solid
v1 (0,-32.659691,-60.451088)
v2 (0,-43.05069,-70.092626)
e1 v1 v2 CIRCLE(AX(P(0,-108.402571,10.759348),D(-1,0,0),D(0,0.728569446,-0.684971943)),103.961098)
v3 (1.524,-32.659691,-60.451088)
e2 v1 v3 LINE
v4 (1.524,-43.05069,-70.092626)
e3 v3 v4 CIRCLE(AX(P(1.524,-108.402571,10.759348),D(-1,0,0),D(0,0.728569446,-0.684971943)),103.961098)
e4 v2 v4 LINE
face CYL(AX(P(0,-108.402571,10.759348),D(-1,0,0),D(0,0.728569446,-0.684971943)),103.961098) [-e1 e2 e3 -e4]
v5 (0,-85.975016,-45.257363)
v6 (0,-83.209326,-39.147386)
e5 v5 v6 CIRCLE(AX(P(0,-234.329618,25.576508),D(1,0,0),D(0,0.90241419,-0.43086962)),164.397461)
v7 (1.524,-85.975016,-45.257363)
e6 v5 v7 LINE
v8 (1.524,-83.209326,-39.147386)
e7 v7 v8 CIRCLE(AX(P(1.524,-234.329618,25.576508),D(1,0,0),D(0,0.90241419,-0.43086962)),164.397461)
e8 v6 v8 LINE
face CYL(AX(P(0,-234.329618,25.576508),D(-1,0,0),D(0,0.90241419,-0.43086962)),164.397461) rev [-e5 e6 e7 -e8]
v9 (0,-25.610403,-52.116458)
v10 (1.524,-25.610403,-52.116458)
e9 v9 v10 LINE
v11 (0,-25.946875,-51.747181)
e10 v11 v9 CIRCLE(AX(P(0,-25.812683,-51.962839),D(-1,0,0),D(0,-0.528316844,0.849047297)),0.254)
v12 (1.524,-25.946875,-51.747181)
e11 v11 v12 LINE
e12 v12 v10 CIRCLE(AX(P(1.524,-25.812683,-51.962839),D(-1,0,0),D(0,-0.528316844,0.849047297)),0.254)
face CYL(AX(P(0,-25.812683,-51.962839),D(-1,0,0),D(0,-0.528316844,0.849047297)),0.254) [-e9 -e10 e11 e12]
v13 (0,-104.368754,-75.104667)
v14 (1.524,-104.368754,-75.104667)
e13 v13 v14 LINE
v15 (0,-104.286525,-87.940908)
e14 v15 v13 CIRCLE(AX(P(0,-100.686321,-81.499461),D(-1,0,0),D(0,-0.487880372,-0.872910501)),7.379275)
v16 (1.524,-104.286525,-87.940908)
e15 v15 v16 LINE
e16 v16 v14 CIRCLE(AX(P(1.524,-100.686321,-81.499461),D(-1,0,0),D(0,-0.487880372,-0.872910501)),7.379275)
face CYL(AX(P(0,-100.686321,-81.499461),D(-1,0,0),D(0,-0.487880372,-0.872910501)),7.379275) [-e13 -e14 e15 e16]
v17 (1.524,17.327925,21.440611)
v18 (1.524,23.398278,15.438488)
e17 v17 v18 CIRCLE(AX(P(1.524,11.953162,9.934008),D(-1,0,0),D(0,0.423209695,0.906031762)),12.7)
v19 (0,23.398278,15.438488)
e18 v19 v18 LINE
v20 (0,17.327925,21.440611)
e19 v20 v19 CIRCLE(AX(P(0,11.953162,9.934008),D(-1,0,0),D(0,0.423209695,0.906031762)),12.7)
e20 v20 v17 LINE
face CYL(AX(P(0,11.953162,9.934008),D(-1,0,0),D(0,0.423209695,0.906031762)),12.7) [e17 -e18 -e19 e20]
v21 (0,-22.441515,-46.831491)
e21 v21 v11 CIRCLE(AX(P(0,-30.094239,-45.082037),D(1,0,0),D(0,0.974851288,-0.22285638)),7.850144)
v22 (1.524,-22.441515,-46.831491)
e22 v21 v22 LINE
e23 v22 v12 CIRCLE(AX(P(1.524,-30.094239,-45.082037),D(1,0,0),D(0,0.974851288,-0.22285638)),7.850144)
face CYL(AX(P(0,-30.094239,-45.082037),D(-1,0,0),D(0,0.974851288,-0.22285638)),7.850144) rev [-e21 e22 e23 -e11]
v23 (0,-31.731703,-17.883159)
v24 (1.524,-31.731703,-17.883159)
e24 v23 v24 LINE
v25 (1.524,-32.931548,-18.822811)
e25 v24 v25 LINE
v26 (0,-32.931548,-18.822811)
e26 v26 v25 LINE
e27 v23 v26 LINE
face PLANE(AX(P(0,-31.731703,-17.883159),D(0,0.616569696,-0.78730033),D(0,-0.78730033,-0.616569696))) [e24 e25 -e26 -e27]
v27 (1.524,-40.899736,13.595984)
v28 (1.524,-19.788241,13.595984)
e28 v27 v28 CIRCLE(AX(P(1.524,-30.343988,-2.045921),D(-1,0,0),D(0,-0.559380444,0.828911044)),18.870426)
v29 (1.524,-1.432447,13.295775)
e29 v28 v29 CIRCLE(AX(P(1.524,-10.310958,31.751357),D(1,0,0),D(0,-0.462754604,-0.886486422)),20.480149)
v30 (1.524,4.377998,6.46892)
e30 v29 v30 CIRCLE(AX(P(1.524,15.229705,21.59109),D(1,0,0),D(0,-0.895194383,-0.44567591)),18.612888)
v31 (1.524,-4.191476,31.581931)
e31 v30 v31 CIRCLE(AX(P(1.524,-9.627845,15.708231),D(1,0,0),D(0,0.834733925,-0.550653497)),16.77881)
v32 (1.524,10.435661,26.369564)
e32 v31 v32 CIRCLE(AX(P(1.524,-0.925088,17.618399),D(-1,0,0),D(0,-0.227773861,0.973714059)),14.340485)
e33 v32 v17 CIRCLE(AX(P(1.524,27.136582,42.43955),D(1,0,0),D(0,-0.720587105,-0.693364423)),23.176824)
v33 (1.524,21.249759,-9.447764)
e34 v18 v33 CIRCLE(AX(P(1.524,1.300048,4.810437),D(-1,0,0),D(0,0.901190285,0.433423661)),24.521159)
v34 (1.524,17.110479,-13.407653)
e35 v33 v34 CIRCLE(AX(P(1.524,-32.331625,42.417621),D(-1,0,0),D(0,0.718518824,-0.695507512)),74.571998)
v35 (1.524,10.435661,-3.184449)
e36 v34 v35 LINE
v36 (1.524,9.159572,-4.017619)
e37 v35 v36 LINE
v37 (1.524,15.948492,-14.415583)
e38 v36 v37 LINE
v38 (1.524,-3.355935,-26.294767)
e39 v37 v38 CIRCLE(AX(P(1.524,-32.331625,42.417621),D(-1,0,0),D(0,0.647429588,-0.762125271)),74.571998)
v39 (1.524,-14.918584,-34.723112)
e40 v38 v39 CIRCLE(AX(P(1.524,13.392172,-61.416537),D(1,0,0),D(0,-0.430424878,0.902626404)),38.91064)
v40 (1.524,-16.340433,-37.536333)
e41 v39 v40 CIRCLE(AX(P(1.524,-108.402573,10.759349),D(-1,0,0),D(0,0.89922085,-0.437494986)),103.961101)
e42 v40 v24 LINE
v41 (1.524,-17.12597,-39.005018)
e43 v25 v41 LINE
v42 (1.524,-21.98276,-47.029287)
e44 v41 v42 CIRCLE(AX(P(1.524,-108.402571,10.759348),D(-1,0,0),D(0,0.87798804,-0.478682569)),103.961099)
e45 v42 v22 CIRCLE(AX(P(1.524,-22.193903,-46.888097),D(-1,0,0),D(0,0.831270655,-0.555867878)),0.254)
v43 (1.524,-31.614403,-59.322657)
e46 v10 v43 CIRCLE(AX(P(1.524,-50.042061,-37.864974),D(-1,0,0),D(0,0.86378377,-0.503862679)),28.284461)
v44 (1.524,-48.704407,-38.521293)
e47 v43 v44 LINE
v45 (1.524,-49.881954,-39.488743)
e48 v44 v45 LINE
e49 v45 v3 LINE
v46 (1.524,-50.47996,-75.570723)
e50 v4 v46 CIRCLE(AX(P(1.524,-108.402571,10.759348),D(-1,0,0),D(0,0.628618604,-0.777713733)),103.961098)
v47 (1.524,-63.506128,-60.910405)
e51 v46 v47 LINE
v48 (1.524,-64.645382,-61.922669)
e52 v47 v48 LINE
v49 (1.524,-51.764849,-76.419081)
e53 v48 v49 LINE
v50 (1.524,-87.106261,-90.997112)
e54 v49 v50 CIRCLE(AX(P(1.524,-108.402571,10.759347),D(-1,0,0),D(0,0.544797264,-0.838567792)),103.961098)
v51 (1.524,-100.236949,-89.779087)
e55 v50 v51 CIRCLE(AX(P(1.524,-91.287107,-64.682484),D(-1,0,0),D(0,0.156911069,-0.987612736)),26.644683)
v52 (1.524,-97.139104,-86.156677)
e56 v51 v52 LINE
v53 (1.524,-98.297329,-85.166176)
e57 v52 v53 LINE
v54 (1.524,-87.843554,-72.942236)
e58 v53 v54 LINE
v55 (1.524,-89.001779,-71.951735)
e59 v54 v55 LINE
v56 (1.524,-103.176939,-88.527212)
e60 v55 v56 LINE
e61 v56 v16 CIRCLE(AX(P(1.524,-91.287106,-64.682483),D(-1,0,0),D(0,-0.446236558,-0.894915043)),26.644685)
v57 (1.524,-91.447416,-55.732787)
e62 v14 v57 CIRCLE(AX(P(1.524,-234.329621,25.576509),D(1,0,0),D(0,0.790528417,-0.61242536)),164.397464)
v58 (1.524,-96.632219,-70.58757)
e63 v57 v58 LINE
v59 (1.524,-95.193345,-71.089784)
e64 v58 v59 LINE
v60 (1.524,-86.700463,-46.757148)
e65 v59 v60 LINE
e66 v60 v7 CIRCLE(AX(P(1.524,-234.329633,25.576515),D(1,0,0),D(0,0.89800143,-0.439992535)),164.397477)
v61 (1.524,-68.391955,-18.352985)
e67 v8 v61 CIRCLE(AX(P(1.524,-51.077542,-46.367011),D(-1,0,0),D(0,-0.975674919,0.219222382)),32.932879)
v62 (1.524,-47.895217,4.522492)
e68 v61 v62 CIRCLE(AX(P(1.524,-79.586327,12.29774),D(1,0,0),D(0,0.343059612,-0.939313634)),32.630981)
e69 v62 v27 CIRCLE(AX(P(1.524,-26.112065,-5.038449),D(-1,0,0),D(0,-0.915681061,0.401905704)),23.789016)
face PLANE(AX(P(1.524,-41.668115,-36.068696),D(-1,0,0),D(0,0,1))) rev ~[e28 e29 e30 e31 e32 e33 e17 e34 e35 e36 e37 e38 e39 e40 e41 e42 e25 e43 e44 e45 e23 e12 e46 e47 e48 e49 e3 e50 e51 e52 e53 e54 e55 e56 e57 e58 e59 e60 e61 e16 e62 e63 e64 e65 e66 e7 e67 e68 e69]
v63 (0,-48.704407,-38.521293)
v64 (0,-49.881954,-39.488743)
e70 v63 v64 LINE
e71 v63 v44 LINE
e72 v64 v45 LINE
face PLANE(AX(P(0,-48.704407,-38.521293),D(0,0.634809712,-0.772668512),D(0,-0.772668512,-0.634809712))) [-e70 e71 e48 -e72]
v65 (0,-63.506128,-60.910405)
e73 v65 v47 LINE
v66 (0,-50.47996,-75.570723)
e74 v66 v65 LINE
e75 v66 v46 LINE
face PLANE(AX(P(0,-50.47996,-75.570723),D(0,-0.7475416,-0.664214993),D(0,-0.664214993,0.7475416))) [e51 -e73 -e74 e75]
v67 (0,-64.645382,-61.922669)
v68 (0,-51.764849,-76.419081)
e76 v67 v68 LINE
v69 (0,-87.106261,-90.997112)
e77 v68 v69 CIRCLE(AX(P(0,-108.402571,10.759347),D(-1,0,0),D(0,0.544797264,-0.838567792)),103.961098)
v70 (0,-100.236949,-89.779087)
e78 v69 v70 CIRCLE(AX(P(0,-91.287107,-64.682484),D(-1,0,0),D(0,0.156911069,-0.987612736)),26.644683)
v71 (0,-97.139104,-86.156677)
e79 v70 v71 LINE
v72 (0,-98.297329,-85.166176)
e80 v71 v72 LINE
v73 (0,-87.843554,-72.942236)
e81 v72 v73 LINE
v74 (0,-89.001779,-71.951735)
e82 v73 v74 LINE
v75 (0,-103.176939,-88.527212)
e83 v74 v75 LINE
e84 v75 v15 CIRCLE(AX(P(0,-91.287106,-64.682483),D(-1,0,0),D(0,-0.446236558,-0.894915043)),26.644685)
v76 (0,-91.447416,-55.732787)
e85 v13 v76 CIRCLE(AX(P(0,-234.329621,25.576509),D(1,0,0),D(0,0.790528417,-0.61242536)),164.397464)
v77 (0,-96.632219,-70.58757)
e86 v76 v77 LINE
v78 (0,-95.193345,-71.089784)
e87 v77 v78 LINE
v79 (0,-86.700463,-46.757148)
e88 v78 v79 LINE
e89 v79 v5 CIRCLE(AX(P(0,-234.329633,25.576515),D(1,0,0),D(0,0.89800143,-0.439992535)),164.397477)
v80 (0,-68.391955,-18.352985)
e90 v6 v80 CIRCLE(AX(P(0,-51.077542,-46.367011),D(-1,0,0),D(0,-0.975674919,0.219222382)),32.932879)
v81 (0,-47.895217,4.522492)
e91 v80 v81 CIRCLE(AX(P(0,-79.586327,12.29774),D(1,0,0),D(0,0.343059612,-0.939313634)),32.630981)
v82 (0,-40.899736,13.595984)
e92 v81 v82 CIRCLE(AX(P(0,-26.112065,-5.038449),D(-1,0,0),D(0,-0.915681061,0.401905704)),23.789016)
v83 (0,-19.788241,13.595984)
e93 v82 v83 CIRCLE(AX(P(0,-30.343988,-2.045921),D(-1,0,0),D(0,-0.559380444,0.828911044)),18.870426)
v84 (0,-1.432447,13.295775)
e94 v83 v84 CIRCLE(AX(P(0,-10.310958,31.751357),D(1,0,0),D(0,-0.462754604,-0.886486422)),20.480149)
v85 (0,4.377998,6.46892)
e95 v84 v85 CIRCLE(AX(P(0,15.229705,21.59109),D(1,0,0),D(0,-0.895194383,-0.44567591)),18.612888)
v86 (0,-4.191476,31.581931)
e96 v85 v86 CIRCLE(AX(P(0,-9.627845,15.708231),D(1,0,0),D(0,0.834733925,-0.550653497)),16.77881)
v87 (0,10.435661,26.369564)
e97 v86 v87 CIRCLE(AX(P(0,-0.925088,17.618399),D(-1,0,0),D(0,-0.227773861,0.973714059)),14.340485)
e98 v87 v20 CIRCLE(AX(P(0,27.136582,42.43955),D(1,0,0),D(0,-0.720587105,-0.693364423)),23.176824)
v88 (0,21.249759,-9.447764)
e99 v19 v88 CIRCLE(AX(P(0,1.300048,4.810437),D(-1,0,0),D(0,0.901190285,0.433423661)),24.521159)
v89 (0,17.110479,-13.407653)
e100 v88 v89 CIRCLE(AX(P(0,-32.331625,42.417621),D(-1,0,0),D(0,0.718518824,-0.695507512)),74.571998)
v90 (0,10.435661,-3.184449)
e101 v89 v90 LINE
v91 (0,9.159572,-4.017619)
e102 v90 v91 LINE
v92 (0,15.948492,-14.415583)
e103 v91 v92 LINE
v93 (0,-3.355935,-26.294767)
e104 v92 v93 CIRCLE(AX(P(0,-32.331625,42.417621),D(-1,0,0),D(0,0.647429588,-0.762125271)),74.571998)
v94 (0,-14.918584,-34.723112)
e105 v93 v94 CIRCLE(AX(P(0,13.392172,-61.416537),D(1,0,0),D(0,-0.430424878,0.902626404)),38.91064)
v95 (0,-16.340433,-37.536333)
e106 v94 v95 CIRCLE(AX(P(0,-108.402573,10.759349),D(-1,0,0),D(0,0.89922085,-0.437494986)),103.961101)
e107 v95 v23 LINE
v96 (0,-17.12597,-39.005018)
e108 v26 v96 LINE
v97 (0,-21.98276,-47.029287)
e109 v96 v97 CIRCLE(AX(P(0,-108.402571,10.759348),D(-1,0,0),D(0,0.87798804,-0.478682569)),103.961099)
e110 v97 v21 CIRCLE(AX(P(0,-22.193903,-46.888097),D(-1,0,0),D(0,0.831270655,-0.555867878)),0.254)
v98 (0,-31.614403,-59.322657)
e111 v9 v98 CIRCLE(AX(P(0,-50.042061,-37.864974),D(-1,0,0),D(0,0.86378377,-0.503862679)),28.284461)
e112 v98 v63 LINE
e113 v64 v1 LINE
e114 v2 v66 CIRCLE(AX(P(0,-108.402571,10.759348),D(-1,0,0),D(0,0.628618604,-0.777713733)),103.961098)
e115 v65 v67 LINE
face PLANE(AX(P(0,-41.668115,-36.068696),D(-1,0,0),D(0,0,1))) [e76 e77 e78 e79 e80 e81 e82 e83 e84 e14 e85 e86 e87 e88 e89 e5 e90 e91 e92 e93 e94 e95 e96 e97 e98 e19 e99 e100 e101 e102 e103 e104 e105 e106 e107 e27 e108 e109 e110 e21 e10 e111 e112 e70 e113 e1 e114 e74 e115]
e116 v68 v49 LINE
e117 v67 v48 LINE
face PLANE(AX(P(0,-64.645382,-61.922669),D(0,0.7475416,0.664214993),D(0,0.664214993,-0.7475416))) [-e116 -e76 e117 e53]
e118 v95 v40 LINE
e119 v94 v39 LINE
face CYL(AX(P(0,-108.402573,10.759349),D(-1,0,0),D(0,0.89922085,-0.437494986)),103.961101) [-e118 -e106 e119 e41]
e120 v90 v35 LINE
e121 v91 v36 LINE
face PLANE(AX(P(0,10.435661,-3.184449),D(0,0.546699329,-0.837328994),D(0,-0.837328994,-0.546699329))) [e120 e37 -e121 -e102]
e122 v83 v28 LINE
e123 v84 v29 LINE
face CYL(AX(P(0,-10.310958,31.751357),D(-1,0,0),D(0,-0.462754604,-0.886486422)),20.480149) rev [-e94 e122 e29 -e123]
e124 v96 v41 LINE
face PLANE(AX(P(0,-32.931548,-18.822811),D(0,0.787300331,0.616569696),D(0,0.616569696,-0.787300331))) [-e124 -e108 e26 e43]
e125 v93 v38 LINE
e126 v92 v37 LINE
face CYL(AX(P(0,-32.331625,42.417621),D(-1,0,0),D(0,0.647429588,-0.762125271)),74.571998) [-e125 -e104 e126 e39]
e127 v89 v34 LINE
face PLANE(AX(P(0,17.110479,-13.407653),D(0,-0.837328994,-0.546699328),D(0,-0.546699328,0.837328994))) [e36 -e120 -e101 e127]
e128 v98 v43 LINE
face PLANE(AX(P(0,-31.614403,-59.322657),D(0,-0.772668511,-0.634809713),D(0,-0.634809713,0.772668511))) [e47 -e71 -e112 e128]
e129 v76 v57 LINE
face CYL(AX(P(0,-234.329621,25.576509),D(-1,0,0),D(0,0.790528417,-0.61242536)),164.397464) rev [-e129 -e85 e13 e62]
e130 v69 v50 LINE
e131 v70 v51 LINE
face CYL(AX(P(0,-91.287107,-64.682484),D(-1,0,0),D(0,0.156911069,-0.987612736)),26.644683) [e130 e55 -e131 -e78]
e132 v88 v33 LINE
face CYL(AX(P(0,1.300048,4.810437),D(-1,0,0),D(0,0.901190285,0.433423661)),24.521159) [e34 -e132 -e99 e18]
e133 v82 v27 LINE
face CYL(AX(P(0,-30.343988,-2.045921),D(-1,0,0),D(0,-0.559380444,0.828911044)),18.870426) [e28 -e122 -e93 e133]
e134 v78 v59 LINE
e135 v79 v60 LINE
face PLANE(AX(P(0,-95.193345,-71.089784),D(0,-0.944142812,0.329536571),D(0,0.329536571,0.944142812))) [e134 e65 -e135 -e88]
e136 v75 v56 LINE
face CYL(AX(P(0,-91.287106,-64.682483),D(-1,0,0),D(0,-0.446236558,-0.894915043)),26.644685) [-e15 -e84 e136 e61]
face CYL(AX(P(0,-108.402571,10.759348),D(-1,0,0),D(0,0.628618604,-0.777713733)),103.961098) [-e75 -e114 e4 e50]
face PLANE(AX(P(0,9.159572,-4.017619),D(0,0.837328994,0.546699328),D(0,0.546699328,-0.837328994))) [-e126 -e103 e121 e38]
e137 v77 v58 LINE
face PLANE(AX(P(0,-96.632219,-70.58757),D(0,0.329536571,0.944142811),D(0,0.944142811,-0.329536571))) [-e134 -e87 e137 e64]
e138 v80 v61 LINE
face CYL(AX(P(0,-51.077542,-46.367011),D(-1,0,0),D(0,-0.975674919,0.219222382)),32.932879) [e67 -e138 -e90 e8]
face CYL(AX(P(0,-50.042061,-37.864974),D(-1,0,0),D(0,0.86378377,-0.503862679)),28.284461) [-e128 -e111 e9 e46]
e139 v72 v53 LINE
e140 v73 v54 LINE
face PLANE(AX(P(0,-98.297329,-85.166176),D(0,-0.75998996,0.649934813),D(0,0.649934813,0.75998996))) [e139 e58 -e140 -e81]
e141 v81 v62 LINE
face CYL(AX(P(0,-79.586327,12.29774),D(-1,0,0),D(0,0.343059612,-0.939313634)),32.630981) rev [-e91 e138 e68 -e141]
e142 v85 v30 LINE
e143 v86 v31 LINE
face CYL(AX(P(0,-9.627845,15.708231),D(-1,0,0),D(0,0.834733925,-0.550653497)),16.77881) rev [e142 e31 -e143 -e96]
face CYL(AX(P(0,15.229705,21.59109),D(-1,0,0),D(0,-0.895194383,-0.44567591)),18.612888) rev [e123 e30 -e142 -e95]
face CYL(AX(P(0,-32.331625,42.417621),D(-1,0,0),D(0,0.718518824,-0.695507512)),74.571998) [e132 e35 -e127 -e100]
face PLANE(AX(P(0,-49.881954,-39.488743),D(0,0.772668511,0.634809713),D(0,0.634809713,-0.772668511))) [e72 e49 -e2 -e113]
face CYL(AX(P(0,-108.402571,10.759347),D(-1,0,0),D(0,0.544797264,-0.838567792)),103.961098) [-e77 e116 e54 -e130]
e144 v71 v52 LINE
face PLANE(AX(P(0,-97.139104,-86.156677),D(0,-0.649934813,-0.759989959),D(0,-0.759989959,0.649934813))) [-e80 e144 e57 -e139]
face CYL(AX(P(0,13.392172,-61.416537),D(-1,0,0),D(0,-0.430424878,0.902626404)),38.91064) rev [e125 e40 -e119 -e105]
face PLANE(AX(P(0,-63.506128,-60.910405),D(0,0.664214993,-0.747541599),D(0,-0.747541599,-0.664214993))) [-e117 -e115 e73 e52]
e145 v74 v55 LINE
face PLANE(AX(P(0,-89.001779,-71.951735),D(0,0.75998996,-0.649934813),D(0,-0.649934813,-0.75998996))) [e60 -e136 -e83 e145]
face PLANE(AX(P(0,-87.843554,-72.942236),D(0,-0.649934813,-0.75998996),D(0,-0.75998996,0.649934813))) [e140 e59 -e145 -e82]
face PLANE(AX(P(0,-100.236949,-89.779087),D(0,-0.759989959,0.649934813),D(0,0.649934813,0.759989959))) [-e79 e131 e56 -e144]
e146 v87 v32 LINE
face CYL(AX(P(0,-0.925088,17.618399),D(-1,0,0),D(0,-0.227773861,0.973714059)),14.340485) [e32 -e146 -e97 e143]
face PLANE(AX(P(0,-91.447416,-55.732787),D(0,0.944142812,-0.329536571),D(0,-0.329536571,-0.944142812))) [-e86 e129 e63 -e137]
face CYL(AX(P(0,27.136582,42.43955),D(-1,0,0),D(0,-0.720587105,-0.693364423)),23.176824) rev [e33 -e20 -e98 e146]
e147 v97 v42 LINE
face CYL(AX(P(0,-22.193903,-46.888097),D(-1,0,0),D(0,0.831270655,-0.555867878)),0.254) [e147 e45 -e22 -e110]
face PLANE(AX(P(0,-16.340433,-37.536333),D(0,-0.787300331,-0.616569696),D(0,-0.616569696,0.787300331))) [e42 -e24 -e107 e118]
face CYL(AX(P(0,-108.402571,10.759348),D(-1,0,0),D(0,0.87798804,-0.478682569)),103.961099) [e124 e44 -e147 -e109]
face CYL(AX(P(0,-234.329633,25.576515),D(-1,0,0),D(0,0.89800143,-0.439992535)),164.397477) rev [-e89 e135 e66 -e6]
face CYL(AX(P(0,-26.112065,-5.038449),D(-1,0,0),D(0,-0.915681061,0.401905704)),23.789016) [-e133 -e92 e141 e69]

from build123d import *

# Parameters (mm, degrees)
BOSS_EXTRUDE1_DEPTH = 1.524


with BuildPart() as part:
    # Sketch1 → Boss-Extrude1 (new body)
    with BuildSketch(Plane(origin=(0, 0, 0), x_dir=(0, 0, -1), z_dir=(1, 0, 0))):
        with BuildLine():
            Line((13.407652518, 17.110478898), (3.184449025, 10.435661085))
            Line((3.184449025, 10.435661085), (4.017618802, 9.159571698))
            Line((4.017618802, 9.159571698), (14.415583003, 15.948492286))
            ThreePointArc((14.415583003, 15.948492286), (21.092922372, 6.750259445), (26.29476658, -3.355934957))
            ThreePointArc((26.29476658, -3.355934957), (29.972883945, -9.528005236), (34.723111664, -14.918583638))
            ThreePointArc((34.723111664, -14.918583638), (36.135111524, -15.61884561), (37.536333073, -16.340433168))
            Line((37.536333073, -16.340433168), (17.883159134, -31.731702551))
            Line((17.883159134, -31.731702551), (18.82281135, -32.931548254))
            Line((18.82281135, -32.931548254), (39.005018059, -17.125969921))
            ThreePointArc((39.005018059, -17.125969921), (43.071954568, -19.463822973), (47.029287435, -21.982760456))
            ThreePointArc((47.029287435, -21.982760456), (47.121340823, -22.294468188), (46.831491474, -22.44151543))
            ThreePointArc((46.831491474, -22.44151543), (40.524268055, -36.485757729), (51.747180655, -25.946875351))
            ThreePointArc((51.747180655, -25.946875351), (51.79176687, -25.624931868), (52.116458195, -25.610403262))
            ThreePointArc((52.116458195, -25.610403262), (55.970170844, -28.311608841), (59.322656596, -31.614403422))
            Line((59.322656596, -31.614403422), (38.521293058, -48.704406988))
            Line((38.521293058, -48.704406988), (39.48874306, -49.8819538))
            Line((39.48874306, -49.8819538), (60.451087926, -32.659691044))
            ThreePointArc((60.451087926, -32.659691044), (65.449164438, -37.690671834), (70.092626303, -43.050690343))
            ThreePointArc((70.092626303, -43.050690343), (72.914169877, -46.704495979), (75.570723168, -50.479959972))
            Line((75.570723168, -50.479959972), (60.910405453, -63.506128463))
            Line((60.910405453, -63.506128463), (61.922669103, -64.64538186))
            Line((61.922669103, -64.64538186), (76.419081079, -51.764848943))
            ThreePointArc((76.419081079, -51.764848943), (85.346593392, -68.759689082), (90.997112415, -87.10626103))
            ThreePointArc((90.997112415, -87.10626103), (91.213266354, -93.748148771), (89.779086784, -100.23694868))
            Line((89.779086784, -100.23694868), (86.156676546, -97.139104436))
            Line((86.156676546, -97.139104436), (85.16617589, -98.297329135))
            Line((85.16617589, -98.297329135), (72.942235832, -87.843553926))
            Line((72.942235832, -87.843553926), (71.951735177, -89.001778624))
            Line((71.951735177, -89.001778624), (88.527211746, -103.176938614))
            ThreePointArc((88.527211746, -103.176938614), (88.240593298, -103.735184094), (87.940907668, -104.286524891))
            ThreePointArc((87.940907668, -104.286524891), (81.546731579, -108.065445103), (75.104666757, -104.368753791))
            ThreePointArc((75.104666757, -104.368753791), (65.647792617, -97.564665833), (55.732787106, -91.447415868))
            Line((55.732787106, -91.447415868), (70.587569953, -96.632218566))
            Line((70.587569953, -96.632218566), (71.089783687, -95.193344922))
            Line((71.089783687, -95.193344922), (46.757147713, -86.700463003))
            ThreePointArc((46.757147713, -86.700463003), (46.008174549, -86.335839826), (45.257363435, -85.975016415))
            ThreePointArc((45.257363435, -85.975016415), (42.216480057, -84.561010059), (39.14738639, -83.209326015))
            ThreePointArc((39.14738639, -83.209326015), (27.255727661, -77.897933177), (18.352985242, -68.39195513))
            ThreePointArc((18.352985242, -68.39195513), (9.477657224, -55.283796186), (-4.522491883, -47.89521694))
            ThreePointArc((-4.522491883, -47.89521694), (-9.486665924, -44.951872039), (-13.595983785, -40.899735587))
            ThreePointArc((-13.595983785, -40.899735587), (-16.824505318, -30.34398814), (-13.595983785, -19.788240693))
            ThreePointArc((-13.595983785, -19.788240693), (-11.273947375, -10.645865952), (-13.295774557, -1.432447268))
            ThreePointArc((-13.295774557, -1.432447268), (-9.527302248, 1.055622975), (-6.46891992, 4.377997821))
            ThreePointArc((-6.46891992, 4.377997821), (-21.126971598, 6.251882407), (-31.581931465, -4.191476087))
            ThreePointArc((-31.581931465, -4.191476087), (-31.126828301, 3.888628011), (-26.369564479, 10.435661085))
            ThreePointArc((-26.369564479, 10.435661085), (-23.587438274, 13.654628259), (-21.440611016, 17.327924955))
            ThreePointArc((-21.440611016, 17.327924955), (-18.964873682, 20.882521181), (-15.438488132, 23.398278447))
            ThreePointArc((-15.438488132, 23.398278447), (-2.701283032, 25.730330795), (9.447763641, 21.249758643))
            ThreePointArc((9.447763641, 21.249758643), (11.467468523, 19.218156049), (13.407652518, 17.110478898))
        make_face()
    extrude(amount=BOSS_EXTRUDE1_DEPTH)


solid = part.part
